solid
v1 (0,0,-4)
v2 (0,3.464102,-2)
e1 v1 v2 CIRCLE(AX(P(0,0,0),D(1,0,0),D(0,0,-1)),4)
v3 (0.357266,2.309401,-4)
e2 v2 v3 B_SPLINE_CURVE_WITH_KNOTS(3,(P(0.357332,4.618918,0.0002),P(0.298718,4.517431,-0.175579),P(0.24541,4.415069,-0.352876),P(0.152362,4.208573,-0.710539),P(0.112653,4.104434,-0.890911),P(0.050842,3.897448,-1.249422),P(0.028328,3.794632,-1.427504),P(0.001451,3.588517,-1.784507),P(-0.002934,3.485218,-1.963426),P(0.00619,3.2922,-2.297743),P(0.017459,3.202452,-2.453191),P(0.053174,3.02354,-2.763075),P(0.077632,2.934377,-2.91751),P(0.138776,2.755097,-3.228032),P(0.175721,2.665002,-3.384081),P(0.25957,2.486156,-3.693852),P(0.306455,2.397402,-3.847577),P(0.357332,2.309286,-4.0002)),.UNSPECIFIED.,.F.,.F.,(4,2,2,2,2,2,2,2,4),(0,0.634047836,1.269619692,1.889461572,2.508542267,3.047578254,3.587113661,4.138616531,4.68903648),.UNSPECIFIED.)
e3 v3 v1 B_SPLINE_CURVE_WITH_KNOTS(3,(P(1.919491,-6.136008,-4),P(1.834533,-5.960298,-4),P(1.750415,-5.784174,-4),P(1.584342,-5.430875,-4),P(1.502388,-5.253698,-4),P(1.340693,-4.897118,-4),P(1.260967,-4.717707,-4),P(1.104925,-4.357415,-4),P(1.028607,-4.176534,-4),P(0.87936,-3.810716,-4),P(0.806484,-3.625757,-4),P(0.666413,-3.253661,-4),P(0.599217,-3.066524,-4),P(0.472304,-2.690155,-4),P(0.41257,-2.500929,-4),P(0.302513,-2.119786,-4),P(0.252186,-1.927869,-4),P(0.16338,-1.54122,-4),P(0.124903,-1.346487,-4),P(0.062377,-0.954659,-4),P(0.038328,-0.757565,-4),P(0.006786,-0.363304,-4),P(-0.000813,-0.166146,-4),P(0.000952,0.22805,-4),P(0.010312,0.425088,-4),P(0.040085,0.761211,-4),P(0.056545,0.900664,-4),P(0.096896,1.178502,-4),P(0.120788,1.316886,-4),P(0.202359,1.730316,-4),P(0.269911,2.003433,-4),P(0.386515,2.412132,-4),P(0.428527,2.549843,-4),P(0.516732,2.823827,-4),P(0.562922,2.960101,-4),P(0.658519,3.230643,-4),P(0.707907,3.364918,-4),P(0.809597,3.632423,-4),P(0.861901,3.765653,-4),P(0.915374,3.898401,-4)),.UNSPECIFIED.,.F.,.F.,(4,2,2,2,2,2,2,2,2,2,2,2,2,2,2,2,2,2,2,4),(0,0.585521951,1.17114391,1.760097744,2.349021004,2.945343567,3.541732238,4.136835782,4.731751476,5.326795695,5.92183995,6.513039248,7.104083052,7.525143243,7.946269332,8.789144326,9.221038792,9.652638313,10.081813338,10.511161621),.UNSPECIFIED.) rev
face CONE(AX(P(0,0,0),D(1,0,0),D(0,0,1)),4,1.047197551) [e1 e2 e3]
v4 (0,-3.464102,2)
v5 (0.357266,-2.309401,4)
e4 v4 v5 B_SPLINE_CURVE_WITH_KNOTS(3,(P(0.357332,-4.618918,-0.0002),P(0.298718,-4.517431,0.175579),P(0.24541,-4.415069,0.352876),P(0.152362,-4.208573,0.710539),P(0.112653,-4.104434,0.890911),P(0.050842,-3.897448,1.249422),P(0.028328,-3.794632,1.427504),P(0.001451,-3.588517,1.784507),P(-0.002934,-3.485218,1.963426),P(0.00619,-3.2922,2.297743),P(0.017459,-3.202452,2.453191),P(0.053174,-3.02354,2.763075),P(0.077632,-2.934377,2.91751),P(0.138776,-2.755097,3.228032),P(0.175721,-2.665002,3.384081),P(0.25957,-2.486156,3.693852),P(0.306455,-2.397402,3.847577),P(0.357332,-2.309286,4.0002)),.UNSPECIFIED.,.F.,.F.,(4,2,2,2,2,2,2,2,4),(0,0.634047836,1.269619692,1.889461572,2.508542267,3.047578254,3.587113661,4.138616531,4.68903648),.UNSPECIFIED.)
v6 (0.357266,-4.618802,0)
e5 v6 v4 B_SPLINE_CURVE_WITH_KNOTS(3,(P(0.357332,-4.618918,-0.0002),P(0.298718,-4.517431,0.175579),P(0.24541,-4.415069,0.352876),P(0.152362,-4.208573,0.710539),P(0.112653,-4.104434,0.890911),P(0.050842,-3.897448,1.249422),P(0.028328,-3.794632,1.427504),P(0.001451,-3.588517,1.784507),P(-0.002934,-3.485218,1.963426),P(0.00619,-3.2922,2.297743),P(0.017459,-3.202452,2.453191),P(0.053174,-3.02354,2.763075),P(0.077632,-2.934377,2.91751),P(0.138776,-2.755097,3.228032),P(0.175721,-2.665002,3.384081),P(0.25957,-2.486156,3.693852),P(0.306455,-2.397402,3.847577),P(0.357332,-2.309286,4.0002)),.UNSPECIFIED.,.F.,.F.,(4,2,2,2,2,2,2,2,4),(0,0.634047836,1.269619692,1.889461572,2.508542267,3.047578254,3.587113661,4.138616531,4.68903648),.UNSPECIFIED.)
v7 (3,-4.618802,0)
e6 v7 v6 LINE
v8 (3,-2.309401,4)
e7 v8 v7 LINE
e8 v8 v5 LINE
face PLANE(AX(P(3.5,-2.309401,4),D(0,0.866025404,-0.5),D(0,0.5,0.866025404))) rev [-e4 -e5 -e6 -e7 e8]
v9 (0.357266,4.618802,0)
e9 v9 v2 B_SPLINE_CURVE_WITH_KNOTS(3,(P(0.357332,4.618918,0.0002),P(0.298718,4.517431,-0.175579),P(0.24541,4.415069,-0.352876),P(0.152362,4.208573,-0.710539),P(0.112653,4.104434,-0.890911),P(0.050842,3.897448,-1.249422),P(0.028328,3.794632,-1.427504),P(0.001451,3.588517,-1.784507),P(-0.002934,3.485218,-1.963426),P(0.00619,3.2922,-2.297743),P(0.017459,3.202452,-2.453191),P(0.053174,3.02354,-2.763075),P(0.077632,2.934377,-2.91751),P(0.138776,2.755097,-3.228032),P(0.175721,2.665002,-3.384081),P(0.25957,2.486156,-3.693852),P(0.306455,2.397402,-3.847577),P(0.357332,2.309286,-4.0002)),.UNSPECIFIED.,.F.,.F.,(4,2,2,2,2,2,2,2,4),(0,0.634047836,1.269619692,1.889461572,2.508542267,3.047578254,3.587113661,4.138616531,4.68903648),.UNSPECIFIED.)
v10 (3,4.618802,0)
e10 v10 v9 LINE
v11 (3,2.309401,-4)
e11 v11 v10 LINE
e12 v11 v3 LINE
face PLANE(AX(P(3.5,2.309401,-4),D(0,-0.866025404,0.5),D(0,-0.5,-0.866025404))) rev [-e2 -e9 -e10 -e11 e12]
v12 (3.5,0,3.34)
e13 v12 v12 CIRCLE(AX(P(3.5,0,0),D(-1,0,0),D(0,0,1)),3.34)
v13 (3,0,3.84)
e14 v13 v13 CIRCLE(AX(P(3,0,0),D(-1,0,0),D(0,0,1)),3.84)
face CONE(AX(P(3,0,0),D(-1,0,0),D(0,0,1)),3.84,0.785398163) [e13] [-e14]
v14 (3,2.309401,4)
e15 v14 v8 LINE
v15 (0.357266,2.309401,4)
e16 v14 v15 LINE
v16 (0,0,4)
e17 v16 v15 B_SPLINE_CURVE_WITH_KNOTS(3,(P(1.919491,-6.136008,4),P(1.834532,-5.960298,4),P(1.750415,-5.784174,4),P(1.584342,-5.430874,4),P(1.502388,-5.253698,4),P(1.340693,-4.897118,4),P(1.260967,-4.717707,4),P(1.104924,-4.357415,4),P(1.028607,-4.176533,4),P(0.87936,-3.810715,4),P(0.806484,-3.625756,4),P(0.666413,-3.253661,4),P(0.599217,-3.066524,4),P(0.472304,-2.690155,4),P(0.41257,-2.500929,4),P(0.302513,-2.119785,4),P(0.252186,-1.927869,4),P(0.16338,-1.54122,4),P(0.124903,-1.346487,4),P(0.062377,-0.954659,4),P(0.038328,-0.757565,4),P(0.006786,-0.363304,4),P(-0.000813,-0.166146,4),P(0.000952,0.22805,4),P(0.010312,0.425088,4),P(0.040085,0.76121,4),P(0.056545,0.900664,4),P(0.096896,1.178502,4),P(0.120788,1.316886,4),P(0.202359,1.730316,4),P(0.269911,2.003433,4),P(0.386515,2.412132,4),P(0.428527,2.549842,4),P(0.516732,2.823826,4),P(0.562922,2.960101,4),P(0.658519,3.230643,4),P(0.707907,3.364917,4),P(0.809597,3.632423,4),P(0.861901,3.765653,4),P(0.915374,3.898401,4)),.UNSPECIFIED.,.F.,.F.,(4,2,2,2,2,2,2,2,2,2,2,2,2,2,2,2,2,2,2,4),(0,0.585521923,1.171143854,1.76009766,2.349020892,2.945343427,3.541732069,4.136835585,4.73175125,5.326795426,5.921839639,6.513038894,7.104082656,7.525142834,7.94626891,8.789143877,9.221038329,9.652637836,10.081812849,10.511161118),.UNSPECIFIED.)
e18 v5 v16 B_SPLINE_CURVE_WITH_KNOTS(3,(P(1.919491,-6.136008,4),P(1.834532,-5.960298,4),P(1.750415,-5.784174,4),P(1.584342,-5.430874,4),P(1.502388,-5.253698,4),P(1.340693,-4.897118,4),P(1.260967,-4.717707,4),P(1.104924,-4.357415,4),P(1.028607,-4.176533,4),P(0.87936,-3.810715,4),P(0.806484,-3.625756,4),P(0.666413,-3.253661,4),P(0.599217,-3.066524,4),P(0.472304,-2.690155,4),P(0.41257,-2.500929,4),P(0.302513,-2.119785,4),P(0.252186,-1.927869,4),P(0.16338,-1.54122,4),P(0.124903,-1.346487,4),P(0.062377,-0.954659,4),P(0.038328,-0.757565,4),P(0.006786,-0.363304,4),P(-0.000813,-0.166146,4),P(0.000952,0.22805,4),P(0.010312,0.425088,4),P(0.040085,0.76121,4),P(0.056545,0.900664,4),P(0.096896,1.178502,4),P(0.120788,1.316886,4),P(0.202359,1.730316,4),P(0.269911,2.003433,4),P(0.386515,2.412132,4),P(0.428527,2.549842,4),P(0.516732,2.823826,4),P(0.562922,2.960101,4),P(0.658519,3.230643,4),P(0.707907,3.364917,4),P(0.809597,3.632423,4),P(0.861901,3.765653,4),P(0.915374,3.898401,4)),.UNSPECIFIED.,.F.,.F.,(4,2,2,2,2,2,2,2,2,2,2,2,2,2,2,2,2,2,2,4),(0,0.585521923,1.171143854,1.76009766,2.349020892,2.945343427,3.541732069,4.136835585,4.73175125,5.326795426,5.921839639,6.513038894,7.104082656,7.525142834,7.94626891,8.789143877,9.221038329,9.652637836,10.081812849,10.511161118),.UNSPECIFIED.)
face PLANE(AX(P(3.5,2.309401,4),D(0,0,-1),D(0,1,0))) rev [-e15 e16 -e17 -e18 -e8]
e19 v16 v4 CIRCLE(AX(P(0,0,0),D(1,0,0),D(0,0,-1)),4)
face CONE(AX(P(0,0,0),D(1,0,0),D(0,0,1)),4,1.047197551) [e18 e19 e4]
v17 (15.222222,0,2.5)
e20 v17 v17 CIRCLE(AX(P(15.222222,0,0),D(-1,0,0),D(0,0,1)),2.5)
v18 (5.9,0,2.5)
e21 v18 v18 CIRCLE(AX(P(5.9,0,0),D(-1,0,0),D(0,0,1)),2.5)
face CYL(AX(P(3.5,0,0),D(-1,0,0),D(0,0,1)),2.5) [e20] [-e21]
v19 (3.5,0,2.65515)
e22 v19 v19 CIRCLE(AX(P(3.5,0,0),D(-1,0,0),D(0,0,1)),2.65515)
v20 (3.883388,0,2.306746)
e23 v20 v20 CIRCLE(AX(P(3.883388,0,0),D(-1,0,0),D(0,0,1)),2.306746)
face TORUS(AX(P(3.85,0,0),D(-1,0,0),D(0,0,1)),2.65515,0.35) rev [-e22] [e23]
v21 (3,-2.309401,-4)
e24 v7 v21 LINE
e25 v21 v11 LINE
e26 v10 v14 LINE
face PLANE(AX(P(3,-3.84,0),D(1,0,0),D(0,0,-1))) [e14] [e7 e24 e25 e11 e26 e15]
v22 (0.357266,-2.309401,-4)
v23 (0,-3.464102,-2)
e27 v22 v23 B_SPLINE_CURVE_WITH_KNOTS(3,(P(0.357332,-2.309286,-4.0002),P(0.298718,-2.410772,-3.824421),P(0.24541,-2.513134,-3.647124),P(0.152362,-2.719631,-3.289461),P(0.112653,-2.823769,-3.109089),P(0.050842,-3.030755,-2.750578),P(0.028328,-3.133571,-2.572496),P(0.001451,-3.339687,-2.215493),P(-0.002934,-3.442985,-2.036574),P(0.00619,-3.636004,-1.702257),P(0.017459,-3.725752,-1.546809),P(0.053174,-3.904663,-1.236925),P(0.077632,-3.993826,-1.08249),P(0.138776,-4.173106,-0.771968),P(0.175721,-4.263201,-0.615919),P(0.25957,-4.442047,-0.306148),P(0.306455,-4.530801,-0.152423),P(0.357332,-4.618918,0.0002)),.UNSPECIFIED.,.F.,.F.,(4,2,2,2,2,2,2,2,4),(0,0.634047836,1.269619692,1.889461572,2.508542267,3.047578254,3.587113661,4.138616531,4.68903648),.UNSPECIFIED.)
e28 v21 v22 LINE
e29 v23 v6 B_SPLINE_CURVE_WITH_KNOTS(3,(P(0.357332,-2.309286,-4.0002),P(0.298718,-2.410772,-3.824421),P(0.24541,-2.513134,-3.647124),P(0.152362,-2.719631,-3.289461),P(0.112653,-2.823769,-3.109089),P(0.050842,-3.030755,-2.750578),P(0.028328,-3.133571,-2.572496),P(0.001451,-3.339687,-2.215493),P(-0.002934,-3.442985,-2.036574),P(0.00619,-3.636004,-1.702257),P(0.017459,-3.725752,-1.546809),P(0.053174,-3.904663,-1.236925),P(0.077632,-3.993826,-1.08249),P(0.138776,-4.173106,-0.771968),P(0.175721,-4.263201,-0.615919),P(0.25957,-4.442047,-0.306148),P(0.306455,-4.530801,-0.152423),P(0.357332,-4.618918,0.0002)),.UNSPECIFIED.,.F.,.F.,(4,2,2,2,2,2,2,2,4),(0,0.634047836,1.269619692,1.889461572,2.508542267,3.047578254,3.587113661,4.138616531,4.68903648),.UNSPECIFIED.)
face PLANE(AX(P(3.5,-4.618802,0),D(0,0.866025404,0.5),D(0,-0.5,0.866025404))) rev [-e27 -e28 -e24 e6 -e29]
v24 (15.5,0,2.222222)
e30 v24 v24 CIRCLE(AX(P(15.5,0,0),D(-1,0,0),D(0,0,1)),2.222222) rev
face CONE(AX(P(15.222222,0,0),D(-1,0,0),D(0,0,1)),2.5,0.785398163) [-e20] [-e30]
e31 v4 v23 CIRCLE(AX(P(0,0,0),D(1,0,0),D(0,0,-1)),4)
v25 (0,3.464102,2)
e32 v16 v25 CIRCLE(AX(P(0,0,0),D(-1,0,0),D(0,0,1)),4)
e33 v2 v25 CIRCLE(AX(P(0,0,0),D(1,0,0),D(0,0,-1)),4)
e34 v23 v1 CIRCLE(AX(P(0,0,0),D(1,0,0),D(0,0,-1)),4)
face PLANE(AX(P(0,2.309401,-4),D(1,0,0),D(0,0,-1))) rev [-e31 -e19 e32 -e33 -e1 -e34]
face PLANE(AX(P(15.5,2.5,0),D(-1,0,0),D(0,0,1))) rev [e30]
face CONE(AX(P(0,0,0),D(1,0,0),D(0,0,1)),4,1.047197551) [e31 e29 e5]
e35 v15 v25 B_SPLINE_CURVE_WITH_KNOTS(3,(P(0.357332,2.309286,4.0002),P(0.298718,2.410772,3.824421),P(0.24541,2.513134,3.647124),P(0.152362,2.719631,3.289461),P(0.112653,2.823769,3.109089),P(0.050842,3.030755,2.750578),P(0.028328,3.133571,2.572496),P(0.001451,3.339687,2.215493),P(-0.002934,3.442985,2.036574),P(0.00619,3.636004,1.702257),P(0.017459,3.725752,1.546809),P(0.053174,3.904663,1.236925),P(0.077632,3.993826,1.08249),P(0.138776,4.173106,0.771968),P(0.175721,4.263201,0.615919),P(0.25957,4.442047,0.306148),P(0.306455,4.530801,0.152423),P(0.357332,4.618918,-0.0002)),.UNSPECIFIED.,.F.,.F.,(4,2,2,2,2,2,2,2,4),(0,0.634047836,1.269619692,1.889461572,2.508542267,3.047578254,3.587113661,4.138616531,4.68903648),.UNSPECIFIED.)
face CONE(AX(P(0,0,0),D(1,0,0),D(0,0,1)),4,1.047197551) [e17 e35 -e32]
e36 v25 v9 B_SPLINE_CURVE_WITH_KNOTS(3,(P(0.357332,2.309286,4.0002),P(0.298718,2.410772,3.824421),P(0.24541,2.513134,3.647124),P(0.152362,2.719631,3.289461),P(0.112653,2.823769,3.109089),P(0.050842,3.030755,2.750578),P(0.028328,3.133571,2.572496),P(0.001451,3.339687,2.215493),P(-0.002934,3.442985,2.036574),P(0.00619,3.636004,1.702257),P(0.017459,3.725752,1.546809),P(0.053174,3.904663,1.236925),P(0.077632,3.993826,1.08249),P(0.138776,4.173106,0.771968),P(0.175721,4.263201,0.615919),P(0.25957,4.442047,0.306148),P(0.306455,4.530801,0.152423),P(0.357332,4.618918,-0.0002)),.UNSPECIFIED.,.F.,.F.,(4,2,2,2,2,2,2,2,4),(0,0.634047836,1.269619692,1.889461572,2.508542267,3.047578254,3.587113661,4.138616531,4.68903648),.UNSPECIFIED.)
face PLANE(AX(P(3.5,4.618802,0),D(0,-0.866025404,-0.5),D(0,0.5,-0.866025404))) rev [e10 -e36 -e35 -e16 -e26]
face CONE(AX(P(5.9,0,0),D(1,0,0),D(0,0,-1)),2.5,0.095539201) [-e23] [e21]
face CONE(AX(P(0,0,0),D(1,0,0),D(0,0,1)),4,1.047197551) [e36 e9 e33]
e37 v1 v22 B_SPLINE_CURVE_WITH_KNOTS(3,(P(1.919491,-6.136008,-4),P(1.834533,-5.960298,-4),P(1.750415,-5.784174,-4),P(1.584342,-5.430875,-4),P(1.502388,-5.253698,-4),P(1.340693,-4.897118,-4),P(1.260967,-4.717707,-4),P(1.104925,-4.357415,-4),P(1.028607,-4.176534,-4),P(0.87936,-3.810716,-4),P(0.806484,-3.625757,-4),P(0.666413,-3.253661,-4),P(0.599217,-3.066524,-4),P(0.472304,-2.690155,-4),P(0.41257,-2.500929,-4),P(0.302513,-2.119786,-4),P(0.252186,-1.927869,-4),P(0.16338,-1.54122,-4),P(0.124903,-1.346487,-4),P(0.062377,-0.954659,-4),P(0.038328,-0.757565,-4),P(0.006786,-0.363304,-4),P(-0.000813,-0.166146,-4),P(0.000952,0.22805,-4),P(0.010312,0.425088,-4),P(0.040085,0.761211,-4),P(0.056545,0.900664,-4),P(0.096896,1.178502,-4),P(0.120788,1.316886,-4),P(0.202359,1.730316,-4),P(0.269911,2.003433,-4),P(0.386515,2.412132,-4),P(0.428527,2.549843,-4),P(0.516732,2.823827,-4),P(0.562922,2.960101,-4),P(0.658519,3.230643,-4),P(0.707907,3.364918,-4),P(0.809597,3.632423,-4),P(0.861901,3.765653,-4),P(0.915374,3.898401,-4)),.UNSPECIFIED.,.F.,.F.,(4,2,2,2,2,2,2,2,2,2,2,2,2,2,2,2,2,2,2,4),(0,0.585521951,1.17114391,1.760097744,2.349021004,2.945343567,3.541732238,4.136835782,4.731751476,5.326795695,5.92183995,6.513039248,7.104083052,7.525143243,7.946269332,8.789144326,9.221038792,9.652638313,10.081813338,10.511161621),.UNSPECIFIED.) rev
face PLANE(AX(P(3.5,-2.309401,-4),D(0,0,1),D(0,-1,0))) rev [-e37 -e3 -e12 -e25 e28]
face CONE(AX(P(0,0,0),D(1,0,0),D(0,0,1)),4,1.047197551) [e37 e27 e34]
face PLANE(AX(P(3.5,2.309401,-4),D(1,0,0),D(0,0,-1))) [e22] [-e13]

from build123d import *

# Parameters (mm, degrees)
EXTRUDE_1_DEPTH     = 3.5
SKETCH_4_R          = 8.79
SKETCH_4_R_2        = 4
CUT_EXTRUDE_1_DEPTH = 0.4375
CUT_EXTRUDE_1_DRAFT = -60
CHAMFER_1_SIZE      = 0.277777778


with BuildPart() as part:
    # 草图3 → 凸台-拉伸1 (new body)
    with BuildSketch(Plane(origin=(0, 0, 0), x_dir=(0, 0, -1), z_dir=(1, 0, 0))):
        Polygon((4, 2.309401077), (0, 4.618802154), (-4, 2.309401077), (-4, -2.309401077), (0, -4.618802154), (4, -2.309401077), align=None)
    extrude(amount=EXTRUDE_1_DEPTH)


with BuildPart() as cut_extrude_1_tool:
    # 草图4 → 切除-拉伸1 (with draft: the straight prism first)
    with BuildSketch(Plane.ZY):
        Circle(SKETCH_4_R)
        Circle(SKETCH_4_R_2, mode=Mode.SUBTRACT)
    extrude(amount=-CUT_EXTRUDE_1_DEPTH)
    # 切除-拉伸1: the draft: its side faces are tilted about the plane it starts from
    cut_extrude_1_sides = [cut_extrude_1_tool.faces().sort_by_distance(p)[0] for p in [
        (0.21875, 0, -8.79),
        (0.21875, 0, -4),
    ]]
    draft(cut_extrude_1_sides, Plane.ZY, CUT_EXTRUDE_1_DRAFT)


with BuildPart() as part_1:
    add(part.part)

    # 切除-拉伸1: cut by cut_extrude_1_tool
    add(cut_extrude_1_tool.part, mode=Mode.SUBTRACT)

    # 草图6 → 旋转2 (revolve)
    with BuildSketch(Plane.XY, mode=Mode.PRIVATE) as revolve_2_sk:
        with BuildLine():
            Line((5.9, 2.5), (15.5, 2.5))
            Line((15.5, 2.5), (15.5, 0))
            Line((15.5, 0), (3.5, 0))
            Line((3.5, 0), (3.5, 2.65515))
            ThreePointArc((3.5, 2.65515), (3.614612825, 2.396127071), (3.883387874, 2.30674614))
            Line((3.883387874, 2.30674614), (5.9, 2.5))
        make_face()
    revolve(revolve_2_sk.sketch.rotate(Axis((3.5, 0, 0), (1, 0, 0)), 90), axis=Axis((3.5, 0, 0), (1, 0, 0)))

    # 倒角1
    chamfer_1_edges = [part_1.edges().sort_by_distance(p)[0] for p in [
        (15.5, 0, -2.5),
    ]]
    chamfer(chamfer_1_edges, length=CHAMFER_1_SIZE)

    # 草图8 → 切除-旋转2 (revolve, cut)
    with BuildSketch(Plane.XY, mode=Mode.PRIVATE) as cut_revolve_2_sk:
        Polygon((3.5, 3.34), (3, 3.84), (3, 8.79), (3.5, 8.79), align=None)
    revolve(cut_revolve_2_sk.sketch.rotate(Axis((0, 0, 0), (1, 0, 0)), 90), axis=Axis((0, 0, 0), (1, 0, 0)), mode=Mode.SUBTRACT)


solid = part_1.part
